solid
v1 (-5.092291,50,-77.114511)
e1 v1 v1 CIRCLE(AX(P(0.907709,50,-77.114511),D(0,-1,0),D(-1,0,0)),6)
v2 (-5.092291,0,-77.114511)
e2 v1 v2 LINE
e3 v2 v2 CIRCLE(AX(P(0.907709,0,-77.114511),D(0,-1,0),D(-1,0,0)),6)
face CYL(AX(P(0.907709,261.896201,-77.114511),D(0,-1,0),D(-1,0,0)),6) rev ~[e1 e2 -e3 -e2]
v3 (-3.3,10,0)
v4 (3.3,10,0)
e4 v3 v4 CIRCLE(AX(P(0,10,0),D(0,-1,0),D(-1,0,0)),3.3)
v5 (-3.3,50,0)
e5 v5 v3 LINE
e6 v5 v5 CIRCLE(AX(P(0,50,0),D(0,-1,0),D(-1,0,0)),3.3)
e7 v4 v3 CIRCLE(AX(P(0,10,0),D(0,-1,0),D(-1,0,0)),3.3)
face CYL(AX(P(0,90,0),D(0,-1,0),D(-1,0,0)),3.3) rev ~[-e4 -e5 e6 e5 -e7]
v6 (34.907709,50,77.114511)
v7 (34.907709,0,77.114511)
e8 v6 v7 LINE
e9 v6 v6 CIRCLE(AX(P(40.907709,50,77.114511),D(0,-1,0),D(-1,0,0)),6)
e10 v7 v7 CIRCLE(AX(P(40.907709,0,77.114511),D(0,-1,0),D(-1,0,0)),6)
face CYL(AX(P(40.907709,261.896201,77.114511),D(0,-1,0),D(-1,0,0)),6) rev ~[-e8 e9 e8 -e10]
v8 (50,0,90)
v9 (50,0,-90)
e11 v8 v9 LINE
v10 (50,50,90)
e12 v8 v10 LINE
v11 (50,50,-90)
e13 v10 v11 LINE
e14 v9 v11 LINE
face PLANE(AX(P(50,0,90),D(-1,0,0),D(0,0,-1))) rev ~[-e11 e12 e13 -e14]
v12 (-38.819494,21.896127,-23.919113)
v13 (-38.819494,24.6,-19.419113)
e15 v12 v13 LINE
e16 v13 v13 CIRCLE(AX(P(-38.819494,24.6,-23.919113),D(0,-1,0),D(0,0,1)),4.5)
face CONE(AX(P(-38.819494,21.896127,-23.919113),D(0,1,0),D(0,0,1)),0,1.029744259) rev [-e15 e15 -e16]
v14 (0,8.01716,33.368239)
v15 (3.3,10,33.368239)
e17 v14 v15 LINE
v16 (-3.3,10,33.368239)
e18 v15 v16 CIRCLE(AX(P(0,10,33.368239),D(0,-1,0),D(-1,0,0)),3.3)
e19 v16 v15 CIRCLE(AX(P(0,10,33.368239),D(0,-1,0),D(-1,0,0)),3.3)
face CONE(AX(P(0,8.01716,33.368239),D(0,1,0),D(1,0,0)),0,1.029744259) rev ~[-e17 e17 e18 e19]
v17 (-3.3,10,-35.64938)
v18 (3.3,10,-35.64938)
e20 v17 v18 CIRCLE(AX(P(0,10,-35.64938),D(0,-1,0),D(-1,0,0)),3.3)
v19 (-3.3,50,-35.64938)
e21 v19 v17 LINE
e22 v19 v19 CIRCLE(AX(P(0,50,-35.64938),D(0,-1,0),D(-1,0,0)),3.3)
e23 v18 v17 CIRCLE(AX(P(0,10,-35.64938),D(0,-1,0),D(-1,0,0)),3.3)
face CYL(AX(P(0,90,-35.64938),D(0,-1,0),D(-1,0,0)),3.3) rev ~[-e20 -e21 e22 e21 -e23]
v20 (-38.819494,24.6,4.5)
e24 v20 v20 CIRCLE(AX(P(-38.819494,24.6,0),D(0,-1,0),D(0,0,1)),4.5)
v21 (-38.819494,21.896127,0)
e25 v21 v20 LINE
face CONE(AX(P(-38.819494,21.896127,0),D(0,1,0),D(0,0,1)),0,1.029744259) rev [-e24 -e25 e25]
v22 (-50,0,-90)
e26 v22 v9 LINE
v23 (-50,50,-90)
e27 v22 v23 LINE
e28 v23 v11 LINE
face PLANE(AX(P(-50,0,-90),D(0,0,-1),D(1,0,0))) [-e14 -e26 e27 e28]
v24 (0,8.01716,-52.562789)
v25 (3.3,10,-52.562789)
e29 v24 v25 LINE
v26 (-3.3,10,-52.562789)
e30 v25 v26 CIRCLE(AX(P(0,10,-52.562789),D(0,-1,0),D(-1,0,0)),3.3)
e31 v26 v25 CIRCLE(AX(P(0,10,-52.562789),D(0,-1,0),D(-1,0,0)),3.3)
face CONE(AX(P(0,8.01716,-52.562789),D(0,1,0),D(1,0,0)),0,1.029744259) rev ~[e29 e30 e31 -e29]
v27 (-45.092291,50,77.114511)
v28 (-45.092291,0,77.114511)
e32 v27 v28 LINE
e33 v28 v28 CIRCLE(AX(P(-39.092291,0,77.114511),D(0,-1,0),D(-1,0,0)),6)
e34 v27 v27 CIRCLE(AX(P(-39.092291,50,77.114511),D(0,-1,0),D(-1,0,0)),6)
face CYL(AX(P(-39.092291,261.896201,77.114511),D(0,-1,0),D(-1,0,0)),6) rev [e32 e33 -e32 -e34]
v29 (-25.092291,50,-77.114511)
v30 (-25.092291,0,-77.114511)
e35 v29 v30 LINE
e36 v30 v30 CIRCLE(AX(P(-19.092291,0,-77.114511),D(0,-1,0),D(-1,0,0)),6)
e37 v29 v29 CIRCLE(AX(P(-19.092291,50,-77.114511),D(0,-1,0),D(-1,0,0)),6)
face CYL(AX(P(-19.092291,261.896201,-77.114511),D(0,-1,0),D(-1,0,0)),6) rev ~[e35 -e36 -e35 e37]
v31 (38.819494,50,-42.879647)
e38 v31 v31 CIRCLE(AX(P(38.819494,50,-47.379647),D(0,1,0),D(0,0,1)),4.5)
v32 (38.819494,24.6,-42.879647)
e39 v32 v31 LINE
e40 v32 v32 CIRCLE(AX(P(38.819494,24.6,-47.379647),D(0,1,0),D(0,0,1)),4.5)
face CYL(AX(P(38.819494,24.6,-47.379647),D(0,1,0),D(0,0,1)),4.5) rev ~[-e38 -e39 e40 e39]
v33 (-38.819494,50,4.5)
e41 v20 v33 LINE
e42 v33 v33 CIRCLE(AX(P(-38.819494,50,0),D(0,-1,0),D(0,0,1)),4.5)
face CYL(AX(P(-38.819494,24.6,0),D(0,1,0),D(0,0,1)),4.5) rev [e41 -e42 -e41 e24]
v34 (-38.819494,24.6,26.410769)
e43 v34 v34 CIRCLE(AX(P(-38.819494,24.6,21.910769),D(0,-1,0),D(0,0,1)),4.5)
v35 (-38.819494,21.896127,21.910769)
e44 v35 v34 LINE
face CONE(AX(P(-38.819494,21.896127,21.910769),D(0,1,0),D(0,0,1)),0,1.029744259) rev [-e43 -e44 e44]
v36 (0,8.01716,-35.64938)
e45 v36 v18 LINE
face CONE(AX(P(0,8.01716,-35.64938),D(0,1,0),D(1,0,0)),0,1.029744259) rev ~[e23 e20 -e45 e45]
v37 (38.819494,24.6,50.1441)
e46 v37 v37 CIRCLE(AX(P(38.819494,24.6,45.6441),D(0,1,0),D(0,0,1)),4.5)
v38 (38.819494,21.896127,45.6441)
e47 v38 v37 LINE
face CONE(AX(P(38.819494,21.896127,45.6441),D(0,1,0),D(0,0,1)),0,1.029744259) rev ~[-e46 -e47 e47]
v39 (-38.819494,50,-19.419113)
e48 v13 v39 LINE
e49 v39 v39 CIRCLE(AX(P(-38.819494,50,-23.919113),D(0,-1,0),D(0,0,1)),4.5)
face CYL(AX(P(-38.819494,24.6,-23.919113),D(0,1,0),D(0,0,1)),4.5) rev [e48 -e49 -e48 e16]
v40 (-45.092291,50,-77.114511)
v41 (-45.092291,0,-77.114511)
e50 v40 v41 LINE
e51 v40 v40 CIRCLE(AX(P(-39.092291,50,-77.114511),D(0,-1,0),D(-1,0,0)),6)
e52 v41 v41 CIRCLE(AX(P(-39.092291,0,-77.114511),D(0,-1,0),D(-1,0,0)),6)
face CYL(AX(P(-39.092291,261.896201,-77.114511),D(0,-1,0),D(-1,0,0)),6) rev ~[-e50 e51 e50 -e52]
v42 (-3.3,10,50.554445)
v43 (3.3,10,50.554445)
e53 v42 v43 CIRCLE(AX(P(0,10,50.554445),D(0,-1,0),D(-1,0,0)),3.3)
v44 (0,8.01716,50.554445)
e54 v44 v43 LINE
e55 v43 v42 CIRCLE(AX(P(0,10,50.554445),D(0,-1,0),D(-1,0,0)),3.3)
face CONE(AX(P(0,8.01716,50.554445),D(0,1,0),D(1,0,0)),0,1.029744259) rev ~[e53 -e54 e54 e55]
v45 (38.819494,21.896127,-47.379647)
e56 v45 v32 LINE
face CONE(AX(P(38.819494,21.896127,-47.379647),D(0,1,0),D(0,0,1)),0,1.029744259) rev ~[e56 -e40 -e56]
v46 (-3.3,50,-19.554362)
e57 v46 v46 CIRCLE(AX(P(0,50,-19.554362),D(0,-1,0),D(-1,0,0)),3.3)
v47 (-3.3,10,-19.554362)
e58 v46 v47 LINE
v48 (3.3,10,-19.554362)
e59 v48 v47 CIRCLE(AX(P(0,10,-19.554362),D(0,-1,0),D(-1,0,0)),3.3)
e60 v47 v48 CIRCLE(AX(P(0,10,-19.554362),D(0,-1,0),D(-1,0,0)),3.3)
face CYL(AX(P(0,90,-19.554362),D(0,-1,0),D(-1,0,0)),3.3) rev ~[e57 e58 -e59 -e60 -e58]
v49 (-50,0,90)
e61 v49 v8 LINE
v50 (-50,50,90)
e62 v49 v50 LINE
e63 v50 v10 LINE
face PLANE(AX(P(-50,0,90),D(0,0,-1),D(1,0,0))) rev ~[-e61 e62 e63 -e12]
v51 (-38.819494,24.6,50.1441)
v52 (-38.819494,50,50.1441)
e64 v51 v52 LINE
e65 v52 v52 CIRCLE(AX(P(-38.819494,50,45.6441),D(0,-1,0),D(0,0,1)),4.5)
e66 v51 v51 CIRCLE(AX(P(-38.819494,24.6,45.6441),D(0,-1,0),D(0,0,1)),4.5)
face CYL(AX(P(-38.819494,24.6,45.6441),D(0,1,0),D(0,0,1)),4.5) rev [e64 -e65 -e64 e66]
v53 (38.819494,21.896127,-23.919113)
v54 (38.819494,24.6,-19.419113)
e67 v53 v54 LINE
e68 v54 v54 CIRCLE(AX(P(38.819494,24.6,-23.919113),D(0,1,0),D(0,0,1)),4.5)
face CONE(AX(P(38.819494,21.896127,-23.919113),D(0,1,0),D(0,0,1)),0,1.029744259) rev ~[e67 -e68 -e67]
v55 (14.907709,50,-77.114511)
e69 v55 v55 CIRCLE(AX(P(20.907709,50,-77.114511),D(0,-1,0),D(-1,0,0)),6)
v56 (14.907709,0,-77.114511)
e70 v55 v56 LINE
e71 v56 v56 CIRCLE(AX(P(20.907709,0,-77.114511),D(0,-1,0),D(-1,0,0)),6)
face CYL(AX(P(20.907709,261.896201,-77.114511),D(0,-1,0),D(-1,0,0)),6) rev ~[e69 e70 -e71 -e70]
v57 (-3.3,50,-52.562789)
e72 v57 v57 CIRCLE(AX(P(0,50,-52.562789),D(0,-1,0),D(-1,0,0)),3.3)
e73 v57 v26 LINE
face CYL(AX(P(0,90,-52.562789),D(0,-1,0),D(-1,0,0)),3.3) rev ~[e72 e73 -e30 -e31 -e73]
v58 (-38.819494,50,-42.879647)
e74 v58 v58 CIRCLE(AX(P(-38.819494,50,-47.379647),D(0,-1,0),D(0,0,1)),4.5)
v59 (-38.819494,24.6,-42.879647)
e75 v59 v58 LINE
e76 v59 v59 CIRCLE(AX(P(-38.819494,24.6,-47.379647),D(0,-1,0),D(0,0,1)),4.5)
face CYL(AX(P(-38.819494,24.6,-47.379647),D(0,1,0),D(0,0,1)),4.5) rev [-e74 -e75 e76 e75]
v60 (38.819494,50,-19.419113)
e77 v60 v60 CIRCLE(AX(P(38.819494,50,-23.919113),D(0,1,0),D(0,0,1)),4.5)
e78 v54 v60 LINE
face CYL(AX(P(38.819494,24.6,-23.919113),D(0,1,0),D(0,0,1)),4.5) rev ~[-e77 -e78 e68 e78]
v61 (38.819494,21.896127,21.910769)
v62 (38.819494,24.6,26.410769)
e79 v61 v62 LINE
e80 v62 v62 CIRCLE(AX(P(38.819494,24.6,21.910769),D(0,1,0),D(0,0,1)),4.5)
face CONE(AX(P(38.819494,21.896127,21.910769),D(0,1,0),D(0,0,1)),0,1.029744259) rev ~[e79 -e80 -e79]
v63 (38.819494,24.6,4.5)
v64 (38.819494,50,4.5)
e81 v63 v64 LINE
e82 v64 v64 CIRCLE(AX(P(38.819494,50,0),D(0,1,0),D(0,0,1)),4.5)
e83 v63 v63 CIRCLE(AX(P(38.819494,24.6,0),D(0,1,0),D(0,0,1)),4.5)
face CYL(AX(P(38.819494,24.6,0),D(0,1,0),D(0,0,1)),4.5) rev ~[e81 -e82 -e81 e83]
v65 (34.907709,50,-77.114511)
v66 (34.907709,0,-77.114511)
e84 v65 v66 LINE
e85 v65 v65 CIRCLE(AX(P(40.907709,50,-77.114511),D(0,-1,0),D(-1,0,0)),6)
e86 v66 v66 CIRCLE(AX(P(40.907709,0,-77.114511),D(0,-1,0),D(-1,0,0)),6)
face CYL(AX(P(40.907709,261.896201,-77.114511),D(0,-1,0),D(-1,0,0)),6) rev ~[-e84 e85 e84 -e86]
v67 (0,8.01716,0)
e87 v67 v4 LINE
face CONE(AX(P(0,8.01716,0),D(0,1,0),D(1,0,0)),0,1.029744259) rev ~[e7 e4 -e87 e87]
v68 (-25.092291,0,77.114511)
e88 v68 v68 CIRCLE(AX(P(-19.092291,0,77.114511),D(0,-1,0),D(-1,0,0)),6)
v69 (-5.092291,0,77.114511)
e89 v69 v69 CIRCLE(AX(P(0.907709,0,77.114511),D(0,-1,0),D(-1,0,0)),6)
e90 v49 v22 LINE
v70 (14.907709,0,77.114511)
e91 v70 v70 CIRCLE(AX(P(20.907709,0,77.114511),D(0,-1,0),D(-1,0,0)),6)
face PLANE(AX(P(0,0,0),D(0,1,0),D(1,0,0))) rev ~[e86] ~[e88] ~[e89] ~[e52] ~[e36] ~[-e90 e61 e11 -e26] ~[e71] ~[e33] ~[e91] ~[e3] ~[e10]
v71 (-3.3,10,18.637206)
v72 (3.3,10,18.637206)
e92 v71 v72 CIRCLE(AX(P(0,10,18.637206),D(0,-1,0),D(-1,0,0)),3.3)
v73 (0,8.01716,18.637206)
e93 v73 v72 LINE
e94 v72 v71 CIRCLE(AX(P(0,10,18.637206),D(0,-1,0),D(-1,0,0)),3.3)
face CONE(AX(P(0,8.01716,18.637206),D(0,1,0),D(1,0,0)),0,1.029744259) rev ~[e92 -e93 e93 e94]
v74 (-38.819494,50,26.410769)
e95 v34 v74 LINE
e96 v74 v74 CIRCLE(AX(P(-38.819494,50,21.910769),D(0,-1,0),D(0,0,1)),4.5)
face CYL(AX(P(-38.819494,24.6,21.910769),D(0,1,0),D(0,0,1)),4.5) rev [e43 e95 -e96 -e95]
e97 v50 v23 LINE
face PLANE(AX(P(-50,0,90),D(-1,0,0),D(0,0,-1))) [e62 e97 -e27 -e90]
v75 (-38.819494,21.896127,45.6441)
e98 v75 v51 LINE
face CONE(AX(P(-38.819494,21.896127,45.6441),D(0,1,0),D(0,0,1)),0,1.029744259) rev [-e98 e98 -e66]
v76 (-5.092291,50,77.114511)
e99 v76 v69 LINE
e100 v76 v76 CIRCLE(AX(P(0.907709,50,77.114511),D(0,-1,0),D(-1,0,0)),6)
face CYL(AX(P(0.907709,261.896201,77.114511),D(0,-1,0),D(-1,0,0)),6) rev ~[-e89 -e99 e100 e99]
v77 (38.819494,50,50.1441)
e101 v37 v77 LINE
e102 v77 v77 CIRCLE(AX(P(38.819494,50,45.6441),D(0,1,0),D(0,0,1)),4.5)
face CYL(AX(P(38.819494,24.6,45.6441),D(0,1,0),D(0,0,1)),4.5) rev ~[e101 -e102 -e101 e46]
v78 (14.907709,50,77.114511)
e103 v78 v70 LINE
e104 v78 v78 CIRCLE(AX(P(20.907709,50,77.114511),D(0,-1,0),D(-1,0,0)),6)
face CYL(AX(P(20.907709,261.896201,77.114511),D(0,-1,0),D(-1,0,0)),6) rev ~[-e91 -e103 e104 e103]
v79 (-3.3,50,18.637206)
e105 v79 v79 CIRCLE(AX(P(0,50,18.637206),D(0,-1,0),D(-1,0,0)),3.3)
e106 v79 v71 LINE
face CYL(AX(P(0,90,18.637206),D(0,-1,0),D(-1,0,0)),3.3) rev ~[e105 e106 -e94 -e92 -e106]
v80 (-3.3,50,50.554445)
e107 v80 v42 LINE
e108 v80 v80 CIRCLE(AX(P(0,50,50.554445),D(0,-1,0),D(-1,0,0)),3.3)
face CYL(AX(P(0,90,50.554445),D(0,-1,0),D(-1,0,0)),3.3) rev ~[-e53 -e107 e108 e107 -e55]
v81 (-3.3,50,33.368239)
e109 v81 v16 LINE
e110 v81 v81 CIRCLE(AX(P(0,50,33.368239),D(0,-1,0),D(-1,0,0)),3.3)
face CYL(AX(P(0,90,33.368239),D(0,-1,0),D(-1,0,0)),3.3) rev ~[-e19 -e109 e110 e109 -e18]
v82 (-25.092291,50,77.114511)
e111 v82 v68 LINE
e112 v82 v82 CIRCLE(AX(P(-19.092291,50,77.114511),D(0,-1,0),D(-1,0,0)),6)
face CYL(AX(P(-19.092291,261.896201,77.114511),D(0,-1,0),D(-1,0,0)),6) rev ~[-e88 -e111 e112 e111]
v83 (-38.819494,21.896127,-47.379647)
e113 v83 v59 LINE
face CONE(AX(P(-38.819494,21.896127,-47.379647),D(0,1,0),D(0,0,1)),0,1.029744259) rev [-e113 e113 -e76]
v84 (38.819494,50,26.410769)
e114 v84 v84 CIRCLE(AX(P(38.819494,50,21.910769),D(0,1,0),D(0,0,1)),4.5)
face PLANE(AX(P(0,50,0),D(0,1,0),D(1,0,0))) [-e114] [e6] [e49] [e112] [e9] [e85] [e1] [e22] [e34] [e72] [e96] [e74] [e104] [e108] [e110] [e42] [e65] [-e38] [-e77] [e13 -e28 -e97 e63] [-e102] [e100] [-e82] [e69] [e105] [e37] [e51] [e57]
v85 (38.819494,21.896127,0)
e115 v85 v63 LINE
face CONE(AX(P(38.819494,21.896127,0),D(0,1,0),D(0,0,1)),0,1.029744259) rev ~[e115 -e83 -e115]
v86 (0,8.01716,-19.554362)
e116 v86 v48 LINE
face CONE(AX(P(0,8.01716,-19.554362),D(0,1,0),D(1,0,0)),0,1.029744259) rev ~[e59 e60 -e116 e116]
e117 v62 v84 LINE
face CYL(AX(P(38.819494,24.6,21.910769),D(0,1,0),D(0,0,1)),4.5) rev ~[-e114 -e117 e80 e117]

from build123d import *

# Parameters (mm, degrees)
CROQUIS1_W                            = 100
CROQUIS1_H                            = 180
SALIENTE_EXTRUIR1_DEPTH               = 50
TALADRO1_D                            = 12
MATRIZL1_COUNT                        = 5
MATRIZL1_PITCH                        = 20
SIMETR_A1_COPY_1_D                    = 12
SIMETR_A1_COPY_2_D                    = 12
SIMETR_A1_COPY_3_D                    = 12
SIMETR_A1_COPY_4_D                    = 12
TALADRO_DE_MARGEN_PARA_M81_AT_2_COUNT = 2
TALADRO_DE_MARGEN_PARA_M81_AT_2_PITCH = 47.379647221
TALADRO_DE_MARGEN_PARA_M81_AT_3_COUNT = 2
TALADRO_DE_MARGEN_PARA_M81_AT_3_PITCH = 93.023747334
TALADRO_DE_MARGEN_PARA_M81_AT_4_COUNT = 2
TALADRO_DE_MARGEN_PARA_M81_AT_4_PITCH = 23.460534518
TALADRO_DE_MARGEN_PARA_M81_AT_5_COUNT = 2
TALADRO_DE_MARGEN_PARA_M81_AT_5_PITCH = 69.290415903
TALADRO_DE_MARGEN_PARA_M61_D          = 6.6
TALADRO_DE_MARGEN_PARA_M61_DEPTH      = 40
TALADRO_DE_MARGEN_PARA_M61_TIP        = 1.982840043


with BuildPart() as part:
    # Croquis1 → Saliente-Extruir1 (new body)
    with BuildSketch(Plane(origin=(0, 0, 0), x_dir=(1, 0, 0), z_dir=(0, 1, 0))):
        Rectangle(CROQUIS1_W, CROQUIS1_H)
    extrude(amount=SALIENTE_EXTRUIR1_DEPTH)

    # Taladro1 (through all)
    with Locations(Plane(origin=(0, 50, 0), x_dir=(1, 0, 0), z_dir=(0, 1, 0))):
        with Locations((-39.09229064, 77.114510738)):
            taladro1 = Hole(TALADRO1_D / 2)

    # MatrizL1: Taladro1 ×5
    with Locations(*[(i * MATRIZL1_PITCH, 0, 0) for i in range(1, MATRIZL1_COUNT)]):
        add(taladro1, mode=Mode.SUBTRACT)

    # Simetría1: Taladro1 across plane
    add(taladro1.mirror(Plane.XY), mode=Mode.SUBTRACT)

    # Simetría1 copy 1 (through all)
    with Locations(Plane(origin=(20, 50, 0), x_dir=(1, 0, 0), z_dir=(0, 1, 0))):
        with Locations((-39.09229064, -77.114510738)):
            Hole(SIMETR_A1_COPY_1_D / 2)

    # Simetría1 copy 2 (through all)
    with Locations(Plane(origin=(40, 50, 0), x_dir=(1, 0, 0), z_dir=(0, 1, 0))):
        with Locations((-39.09229064, -77.114510738)):
            Hole(SIMETR_A1_COPY_2_D / 2)

    # Simetría1 copy 3 (through all)
    with Locations(Plane(origin=(60, 50, 0), x_dir=(1, 0, 0), z_dir=(0, 1, 0))):
        with Locations((-39.09229064, -77.114510738)):
            Hole(SIMETR_A1_COPY_3_D / 2)

    # Simetría1 copy 4 (through all)
    with Locations(Plane(origin=(80, 50, 0), x_dir=(1, 0, 0), z_dir=(0, 1, 0))):
        with Locations((-39.09229064, -77.114510738)):
            Hole(SIMETR_A1_COPY_4_D / 2)

    # Croquis6 → Taladro de margen para M81 (revolve, cut)
    with BuildSketch(Plane(origin=(-38.819493727, 50, -47.379647221), x_dir=(0, 0, 1), z_dir=(1, 0, 0))):
        Polygon((0, 0), (0, 28.103872786), (4.5, 25.4), (4.5, 0), align=None)
    taladro_de_margen_para_m81 = revolve(axis=Axis((-38.819493727, 56.35, -47.379647221), (0, -1, 0)), mode=Mode.SUBTRACT)

    # Taladro de margen para M81 at 2: Taladro de margen para M81 ×2
    with Locations(*[(0, 0, i * TALADRO_DE_MARGEN_PARA_M81_AT_2_PITCH) for i in range(1, TALADRO_DE_MARGEN_PARA_M81_AT_2_COUNT)]):
        add(taladro_de_margen_para_m81, mode=Mode.SUBTRACT)

    # Taladro de margen para M81 at 3: Taladro de margen para M81 ×2
    with Locations(*[(0, 0, i * TALADRO_DE_MARGEN_PARA_M81_AT_3_PITCH) for i in range(1, TALADRO_DE_MARGEN_PARA_M81_AT_3_COUNT)]):
        add(taladro_de_margen_para_m81, mode=Mode.SUBTRACT)

    # Taladro de margen para M81 at 4: Taladro de margen para M81 ×2
    with Locations(*[(0, 0, i * TALADRO_DE_MARGEN_PARA_M81_AT_4_PITCH) for i in range(1, TALADRO_DE_MARGEN_PARA_M81_AT_4_COUNT)]):
        add(taladro_de_margen_para_m81, mode=Mode.SUBTRACT)

    # Taladro de margen para M81 at 5: Taladro de margen para M81 ×2
    with Locations(*[(0, 0, i * TALADRO_DE_MARGEN_PARA_M81_AT_5_PITCH) for i in range(1, TALADRO_DE_MARGEN_PARA_M81_AT_5_COUNT)]):
        add(taladro_de_margen_para_m81, mode=Mode.SUBTRACT)

    # Simetría2: Taladro de margen para M81 across plane
    add(taladro_de_margen_para_m81.mirror(Plane(origin=(0, 0, 0), x_dir=(0, 0, 1), z_dir=(1, 0, 0))), mode=Mode.SUBTRACT)

    # Simetría2 copy 1 sketch → Simetría2 copy 1 (revolve, cut)
    with BuildSketch(Plane(origin=(38.819493727, 50, 0), x_dir=(0, 0, 1), z_dir=(-1, 0, 0))):
        Polygon((0, 0), (0, -28.103872786), (4.5, -25.4), (4.5, 0), align=None)
    revolve(axis=Axis((38.819493727, 56.35, 0), (0, 1, 0)), mode=Mode.SUBTRACT)

    # Simetría2 copy 2 sketch → Simetría2 copy 2 (revolve, cut)
    with BuildSketch(Plane(origin=(38.819493727, 50, 45.644100113), x_dir=(0, 0, 1), z_dir=(-1, 0, 0))):
        Polygon((0, 0), (0, -28.103872786), (4.5, -25.4), (4.5, 0), align=None)
    revolve(axis=Axis((38.819493727, 56.35, 45.644100113), (0, 1, 0)), mode=Mode.SUBTRACT)

    # Simetría2 copy 3 sketch → Simetría2 copy 3 (revolve, cut)
    with BuildSketch(Plane(origin=(38.819493727, 50, -23.919112702), x_dir=(0, 0, 1), z_dir=(-1, 0, 0))):
        Polygon((0, 0), (0, -28.103872786), (4.5, -25.4), (4.5, 0), align=None)
    revolve(axis=Axis((38.819493727, 56.35, -23.919112702), (0, 1, 0)), mode=Mode.SUBTRACT)

    # Simetría2 copy 4 sketch → Simetría2 copy 4 (revolve, cut)
    with BuildSketch(Plane(origin=(38.819493727, 50, 21.910768682), x_dir=(0, 0, 1), z_dir=(-1, 0, 0))):
        Polygon((0, 0), (0, -28.103872786), (4.5, -25.4), (4.5, 0), align=None)
    revolve(axis=Axis((38.819493727, 56.35, 21.910768682), (0, 1, 0)), mode=Mode.SUBTRACT)

    # Taladro de margen para M61
    with Locations(Plane(origin=(0, 50, 0), x_dir=(1, 0, 0), z_dir=(0, 1, 0))):
        with Locations((0, 52.562788568), (0, 35.649379962), (0, 19.554362094), (0, 0), (0, -18.637205726), (0, -33.368239028), (0, -50.554444547)):
            Hole(TALADRO_DE_MARGEN_PARA_M61_D / 2, depth=TALADRO_DE_MARGEN_PARA_M61_DEPTH)
            with Locations((0, 0, -(TALADRO_DE_MARGEN_PARA_M61_DEPTH + TALADRO_DE_MARGEN_PARA_M61_TIP / 2))):  # 118° drill point
                Cone(0, TALADRO_DE_MARGEN_PARA_M61_D / 2, TALADRO_DE_MARGEN_PARA_M61_TIP, mode=Mode.SUBTRACT)


solid = part.part
